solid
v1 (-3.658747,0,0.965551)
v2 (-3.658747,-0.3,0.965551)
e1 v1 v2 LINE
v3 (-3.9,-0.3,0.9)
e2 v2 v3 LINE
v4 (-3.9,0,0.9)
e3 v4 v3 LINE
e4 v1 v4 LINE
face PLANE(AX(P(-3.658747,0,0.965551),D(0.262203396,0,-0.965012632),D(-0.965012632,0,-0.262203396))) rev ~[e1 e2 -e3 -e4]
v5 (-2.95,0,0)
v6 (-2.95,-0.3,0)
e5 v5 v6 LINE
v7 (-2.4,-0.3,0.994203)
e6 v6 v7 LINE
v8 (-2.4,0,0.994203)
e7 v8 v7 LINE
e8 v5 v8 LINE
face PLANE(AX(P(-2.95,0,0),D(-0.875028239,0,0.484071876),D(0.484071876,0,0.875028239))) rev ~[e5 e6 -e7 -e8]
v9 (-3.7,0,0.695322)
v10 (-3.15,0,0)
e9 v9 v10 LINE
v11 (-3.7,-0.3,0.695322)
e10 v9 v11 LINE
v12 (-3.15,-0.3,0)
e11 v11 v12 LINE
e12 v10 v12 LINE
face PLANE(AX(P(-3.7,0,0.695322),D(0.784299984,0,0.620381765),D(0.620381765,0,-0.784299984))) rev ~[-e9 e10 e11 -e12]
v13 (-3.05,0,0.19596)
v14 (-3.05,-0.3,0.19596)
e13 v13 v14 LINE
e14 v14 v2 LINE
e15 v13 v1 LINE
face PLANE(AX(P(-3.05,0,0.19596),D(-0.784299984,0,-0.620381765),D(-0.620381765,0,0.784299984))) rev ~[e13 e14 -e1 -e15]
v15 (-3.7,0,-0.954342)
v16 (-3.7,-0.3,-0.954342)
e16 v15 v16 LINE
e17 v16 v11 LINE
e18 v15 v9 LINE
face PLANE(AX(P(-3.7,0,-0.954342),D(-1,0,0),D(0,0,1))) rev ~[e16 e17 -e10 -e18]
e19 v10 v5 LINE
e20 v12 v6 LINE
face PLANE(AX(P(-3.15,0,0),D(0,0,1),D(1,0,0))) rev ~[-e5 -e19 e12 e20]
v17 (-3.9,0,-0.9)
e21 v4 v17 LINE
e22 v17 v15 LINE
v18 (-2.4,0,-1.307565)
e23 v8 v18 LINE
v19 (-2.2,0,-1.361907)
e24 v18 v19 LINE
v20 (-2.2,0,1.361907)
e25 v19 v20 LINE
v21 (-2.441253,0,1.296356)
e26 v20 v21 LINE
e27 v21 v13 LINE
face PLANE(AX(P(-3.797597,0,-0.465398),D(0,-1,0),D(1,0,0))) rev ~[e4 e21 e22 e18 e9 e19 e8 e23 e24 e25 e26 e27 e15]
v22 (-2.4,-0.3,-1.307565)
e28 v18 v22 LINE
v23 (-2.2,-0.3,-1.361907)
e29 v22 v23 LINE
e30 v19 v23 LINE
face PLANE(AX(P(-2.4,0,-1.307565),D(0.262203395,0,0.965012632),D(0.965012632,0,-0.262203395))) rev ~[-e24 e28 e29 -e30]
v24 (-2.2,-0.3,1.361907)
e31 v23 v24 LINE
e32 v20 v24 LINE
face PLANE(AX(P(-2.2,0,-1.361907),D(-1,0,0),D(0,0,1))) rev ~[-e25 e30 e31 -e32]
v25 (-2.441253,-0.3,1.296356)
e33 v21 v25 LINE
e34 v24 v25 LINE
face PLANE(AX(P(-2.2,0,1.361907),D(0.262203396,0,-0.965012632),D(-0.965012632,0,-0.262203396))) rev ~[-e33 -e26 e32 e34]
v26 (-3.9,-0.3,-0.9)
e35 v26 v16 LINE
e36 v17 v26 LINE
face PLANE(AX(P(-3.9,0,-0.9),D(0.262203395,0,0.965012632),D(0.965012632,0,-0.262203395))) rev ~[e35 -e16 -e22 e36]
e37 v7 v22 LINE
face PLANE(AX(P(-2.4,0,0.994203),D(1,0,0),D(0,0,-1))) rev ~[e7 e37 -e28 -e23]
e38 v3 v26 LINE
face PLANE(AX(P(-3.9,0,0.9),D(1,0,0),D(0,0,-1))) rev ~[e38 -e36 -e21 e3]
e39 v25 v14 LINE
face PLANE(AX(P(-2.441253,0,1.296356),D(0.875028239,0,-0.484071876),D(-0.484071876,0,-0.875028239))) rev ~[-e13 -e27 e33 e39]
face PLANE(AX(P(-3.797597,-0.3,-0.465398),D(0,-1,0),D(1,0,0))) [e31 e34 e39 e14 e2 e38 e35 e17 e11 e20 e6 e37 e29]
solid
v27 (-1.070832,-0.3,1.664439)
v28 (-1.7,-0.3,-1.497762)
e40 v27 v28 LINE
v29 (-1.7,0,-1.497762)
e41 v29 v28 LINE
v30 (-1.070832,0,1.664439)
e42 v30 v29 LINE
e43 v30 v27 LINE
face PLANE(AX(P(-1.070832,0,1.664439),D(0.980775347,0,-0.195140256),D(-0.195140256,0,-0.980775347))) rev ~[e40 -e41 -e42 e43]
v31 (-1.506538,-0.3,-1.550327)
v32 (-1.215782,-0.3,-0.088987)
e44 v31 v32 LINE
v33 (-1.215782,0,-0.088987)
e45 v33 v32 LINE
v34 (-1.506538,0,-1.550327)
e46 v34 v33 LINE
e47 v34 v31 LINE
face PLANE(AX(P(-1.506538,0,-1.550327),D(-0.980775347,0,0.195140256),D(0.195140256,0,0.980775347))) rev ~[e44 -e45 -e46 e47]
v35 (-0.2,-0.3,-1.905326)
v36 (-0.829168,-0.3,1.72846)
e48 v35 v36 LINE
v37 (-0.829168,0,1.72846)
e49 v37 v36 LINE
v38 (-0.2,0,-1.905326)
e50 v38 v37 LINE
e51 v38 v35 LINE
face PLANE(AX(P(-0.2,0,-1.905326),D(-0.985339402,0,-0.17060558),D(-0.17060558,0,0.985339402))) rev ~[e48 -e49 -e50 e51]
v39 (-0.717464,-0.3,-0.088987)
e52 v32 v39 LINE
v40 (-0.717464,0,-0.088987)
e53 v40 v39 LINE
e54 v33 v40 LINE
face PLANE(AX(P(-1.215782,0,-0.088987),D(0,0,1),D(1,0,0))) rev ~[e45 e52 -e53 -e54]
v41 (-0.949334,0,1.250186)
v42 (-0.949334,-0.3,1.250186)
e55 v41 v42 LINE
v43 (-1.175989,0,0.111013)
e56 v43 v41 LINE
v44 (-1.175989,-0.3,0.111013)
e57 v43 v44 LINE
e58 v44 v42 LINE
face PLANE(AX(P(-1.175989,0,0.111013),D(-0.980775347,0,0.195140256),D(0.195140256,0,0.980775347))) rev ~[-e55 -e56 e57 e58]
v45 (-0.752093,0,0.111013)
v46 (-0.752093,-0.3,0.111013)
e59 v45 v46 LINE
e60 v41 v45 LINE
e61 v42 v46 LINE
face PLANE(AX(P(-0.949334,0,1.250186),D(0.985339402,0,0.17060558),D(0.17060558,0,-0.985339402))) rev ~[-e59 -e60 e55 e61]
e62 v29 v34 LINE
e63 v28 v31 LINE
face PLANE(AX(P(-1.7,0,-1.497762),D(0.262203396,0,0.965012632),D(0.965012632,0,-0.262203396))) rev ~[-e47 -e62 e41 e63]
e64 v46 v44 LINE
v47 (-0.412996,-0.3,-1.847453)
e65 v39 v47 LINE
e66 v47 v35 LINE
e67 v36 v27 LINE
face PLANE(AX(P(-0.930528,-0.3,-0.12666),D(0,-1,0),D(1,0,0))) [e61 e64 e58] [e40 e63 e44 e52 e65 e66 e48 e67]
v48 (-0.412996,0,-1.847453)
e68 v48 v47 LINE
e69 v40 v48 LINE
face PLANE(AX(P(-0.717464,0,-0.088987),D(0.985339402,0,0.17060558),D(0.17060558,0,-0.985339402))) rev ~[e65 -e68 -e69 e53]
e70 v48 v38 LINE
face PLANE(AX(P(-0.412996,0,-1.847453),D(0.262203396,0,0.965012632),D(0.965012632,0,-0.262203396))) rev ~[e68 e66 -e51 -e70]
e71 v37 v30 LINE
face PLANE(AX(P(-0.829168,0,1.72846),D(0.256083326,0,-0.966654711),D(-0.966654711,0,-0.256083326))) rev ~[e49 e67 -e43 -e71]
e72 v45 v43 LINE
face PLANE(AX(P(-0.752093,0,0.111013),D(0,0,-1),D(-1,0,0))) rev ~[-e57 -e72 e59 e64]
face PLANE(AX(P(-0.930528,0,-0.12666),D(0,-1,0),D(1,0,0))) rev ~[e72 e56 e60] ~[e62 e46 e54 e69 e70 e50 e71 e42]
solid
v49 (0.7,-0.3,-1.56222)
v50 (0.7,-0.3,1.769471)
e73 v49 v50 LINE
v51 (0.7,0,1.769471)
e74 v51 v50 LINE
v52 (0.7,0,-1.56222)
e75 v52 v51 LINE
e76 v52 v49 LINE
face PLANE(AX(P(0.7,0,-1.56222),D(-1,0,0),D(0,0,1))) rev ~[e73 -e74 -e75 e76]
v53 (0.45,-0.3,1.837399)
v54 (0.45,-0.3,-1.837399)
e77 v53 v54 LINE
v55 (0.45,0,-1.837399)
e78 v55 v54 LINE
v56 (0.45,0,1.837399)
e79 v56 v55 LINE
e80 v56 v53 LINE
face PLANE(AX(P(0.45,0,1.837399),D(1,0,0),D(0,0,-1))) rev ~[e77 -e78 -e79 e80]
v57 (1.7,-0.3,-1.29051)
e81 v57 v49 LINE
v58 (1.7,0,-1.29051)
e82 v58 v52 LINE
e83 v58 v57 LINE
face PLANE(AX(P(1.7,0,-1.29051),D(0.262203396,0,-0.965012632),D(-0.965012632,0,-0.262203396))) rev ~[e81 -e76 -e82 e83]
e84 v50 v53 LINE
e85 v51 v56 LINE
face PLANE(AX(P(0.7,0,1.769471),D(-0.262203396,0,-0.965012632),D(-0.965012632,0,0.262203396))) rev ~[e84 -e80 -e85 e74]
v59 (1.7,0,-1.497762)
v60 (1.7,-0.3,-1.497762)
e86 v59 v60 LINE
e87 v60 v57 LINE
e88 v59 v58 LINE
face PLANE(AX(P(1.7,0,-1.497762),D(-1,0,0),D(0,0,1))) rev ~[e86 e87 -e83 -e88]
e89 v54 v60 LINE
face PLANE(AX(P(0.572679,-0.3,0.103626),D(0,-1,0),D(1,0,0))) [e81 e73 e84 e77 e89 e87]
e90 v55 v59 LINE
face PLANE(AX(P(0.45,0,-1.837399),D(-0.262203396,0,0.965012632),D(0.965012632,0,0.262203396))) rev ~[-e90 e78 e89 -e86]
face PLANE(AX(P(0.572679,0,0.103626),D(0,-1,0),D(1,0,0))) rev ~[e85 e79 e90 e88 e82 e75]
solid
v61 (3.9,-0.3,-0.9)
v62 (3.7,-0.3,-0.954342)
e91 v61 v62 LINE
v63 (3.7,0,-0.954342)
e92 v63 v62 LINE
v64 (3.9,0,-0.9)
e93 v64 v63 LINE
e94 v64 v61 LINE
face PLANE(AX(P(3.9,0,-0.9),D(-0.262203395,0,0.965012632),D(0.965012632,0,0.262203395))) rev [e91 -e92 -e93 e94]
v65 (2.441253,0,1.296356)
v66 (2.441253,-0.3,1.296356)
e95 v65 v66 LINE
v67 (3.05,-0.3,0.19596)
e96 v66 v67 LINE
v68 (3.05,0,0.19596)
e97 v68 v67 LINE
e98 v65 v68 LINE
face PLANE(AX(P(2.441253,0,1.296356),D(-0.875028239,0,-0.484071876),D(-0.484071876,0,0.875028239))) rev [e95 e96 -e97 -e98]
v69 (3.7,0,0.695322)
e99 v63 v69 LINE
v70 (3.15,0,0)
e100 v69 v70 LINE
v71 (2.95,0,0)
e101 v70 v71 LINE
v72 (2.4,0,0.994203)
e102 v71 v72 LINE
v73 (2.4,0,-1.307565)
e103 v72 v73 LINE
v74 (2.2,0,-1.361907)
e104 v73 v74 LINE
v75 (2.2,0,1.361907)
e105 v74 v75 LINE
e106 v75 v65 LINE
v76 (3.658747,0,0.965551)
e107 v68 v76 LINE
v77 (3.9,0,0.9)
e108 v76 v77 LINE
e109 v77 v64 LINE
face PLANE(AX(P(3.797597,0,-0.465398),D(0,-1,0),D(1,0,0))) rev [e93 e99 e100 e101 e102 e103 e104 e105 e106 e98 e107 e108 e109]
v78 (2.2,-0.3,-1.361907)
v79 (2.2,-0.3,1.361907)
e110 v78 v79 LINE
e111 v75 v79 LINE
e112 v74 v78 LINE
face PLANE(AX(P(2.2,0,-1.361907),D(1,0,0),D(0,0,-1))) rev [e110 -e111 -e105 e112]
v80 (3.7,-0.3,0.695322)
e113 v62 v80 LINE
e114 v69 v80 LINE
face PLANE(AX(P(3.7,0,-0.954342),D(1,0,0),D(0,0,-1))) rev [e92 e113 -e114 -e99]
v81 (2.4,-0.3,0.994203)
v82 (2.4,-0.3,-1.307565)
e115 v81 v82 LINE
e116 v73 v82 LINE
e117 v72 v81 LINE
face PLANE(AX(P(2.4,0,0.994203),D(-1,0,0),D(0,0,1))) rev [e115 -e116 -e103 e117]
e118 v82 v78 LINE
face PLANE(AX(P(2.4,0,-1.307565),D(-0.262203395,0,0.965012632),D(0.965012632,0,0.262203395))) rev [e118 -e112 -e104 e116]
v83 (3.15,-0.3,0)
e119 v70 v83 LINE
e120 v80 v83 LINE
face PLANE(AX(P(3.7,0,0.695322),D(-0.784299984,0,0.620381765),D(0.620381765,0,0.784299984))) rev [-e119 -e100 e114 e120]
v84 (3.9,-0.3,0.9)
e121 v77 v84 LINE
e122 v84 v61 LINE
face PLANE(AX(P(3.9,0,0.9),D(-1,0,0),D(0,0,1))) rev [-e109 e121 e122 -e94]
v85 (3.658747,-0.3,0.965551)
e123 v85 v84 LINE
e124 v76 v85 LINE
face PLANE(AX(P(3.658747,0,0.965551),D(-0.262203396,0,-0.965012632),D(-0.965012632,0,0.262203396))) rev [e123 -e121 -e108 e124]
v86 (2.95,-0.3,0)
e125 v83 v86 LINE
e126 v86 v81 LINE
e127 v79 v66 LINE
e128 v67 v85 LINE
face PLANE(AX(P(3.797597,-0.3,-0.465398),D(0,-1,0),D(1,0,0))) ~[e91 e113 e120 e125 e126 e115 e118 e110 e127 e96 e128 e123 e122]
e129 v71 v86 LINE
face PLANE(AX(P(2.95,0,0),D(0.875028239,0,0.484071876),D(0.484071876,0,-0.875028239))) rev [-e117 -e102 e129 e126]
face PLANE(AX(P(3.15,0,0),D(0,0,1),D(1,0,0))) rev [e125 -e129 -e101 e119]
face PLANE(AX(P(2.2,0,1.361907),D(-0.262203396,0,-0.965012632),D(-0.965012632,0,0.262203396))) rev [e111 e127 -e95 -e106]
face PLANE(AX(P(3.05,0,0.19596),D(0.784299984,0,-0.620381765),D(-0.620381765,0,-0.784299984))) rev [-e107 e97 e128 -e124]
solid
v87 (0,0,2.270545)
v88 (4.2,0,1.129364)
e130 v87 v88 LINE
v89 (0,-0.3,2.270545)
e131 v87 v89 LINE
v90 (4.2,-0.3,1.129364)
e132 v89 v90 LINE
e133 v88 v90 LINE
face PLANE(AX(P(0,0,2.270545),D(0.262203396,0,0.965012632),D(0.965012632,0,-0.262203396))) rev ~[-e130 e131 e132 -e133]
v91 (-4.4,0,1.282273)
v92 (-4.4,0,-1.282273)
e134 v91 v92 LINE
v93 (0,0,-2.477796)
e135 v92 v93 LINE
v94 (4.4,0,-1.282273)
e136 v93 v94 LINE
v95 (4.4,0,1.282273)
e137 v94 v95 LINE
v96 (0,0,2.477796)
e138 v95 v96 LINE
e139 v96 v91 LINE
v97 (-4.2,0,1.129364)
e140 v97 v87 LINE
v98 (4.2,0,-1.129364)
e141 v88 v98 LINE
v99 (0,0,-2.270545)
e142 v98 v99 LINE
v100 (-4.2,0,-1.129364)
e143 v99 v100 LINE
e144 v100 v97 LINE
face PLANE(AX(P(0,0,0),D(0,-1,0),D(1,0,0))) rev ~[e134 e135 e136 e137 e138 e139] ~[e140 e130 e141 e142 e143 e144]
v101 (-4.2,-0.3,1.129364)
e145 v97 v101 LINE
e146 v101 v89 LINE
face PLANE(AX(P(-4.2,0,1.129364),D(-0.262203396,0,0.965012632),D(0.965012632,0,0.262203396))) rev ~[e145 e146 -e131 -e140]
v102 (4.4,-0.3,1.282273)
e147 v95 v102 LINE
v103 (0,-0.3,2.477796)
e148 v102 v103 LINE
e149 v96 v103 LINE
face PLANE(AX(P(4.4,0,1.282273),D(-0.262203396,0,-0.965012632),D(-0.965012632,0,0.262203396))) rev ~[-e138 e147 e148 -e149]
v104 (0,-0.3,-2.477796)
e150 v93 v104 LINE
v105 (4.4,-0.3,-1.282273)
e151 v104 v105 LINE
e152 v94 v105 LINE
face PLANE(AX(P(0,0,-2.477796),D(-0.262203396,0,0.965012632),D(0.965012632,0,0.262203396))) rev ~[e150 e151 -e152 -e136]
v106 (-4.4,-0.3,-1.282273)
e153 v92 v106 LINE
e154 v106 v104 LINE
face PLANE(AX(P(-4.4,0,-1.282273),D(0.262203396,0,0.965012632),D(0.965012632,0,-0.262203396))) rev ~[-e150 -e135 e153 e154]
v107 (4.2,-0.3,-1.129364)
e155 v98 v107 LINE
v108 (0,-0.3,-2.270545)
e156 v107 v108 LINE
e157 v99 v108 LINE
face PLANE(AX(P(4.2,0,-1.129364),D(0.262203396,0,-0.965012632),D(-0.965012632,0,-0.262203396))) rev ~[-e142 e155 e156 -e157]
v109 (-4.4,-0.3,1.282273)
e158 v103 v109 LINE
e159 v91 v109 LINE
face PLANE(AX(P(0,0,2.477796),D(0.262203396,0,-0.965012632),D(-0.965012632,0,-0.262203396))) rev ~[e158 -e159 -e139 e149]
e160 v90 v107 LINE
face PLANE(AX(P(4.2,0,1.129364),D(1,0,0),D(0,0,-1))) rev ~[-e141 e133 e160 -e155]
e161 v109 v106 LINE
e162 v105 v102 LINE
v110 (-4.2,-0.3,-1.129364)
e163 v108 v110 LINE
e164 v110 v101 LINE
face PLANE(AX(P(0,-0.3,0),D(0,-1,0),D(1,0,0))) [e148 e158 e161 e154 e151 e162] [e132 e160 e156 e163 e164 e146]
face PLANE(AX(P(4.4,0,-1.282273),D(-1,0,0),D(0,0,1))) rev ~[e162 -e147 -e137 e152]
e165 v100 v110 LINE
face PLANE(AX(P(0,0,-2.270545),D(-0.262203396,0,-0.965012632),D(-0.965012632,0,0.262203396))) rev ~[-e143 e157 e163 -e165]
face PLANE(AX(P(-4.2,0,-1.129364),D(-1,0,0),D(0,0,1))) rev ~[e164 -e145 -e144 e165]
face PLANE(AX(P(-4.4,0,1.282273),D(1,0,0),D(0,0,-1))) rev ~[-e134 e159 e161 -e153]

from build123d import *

# Parameters (mm, degrees)
F1_DEPTH = 0.3
F4_DEPTH = 0.3
F6_DEPTH = 0.3


with BuildPart() as f1:
    # F0 (on Front) → F1 (new body)
    with BuildSketch(Plane.XZ):
        Polygon((-3.9, -0.9), (-3.7, -0.9543419613), (-3.7, 0), (-3.9, 0), align=None)
        Polygon((-3.05, 0.1959599852), (-3.6587468421, 0.9655508489), (-3.9, 0.9), (-3.9, 0), (-3.7, 0), (-3.7, 0.6953218411), (-3.15, 0), (-3.05, 0), align=None)
        Polygon((-2.2, 0), (-2.2, 1.3619066714), (-2.4412531579, 1.2963558225), (-3.05, 0.1959599852), (-3.05, 0), (-2.95, 0), (-2.4, 0.9942026285), (-2.4, 0), align=None)
        Polygon((-2.2, -1.3619066714), (-2.2, 0), (-2.4, 0), (-2.4, -1.3075647101), align=None)
    extrude(amount=F1_DEPTH)


with BuildPart() as f1b:
    # F0 (on Front) → F1, piece 2 (new body)
    with BuildSketch(Plane.XZ):
        Polygon((-1.0708318389, 1.6644389552), (-1.7, -1.4977615747), (-1.5065383963, -1.5503269897), (-1.2157824465, -0.0889869615), (-1.1759893875, 0.1110130385), (-0.9493335993, 1.2501855171), (-0.7520927493, 0.1110130385), (-0.7174639545, -0.0889869615), (-0.4129961309, -1.8474531472), (-0.2, -1.9053262848), (-0.8291681611, 1.7284597866), align=None)
        Polygon((-1.1759893875, 0.1110130385), (-1.2157824465, -0.0889869615), (-0.7174639545, -0.0889869615), (-0.7520927493, 0.1110130385), align=None)
    extrude(amount=F1_DEPTH)


with BuildPart() as f2_1:
    # F2: instance of F1
    add(f1.part.mirror(Plane.YZ))


with BuildPart() as f4:
    # F3 (on Front) → F4 (new body)
    with BuildSketch(Plane.XZ):
        Polygon((0.7, -1.5622202083), (0.7, 1.7694713814), (0.45, 1.8373988331), (0.45, -1.63014766), align=None)
        Polygon((1.7, -1.4977615747), (1.7, -1.2905104016), (0.7, -1.5622202083), (0.45, -1.63014766), (0.45, -1.8373988331), align=None)
    extrude(amount=F4_DEPTH)


with BuildPart() as f6:
    # F5 (on Front) → F6 (new body)
    with BuildSketch(Plane.XZ):
        Polygon((4.4, 1.2822730295), (0, 2.477796179), (-4.4, 1.2822730295), (-4.4, -1.2822730295), (0, -2.477796179), (4.4, -1.2822730295), (4.4, 0), align=None)
        Polygon((4.2, -1.1293638177), (0, -2.2705450058), (-4.2, -1.1293638177), (-4.2, 1.1293638177), (0, 2.2705450058), (4.2, 1.1293638177), (4.2, 0), align=None, mode=Mode.SUBTRACT)
    extrude(amount=F6_DEPTH)


solid = Compound([f1.part, f1b.part, f2_1.part, f4.part, f6.part])
